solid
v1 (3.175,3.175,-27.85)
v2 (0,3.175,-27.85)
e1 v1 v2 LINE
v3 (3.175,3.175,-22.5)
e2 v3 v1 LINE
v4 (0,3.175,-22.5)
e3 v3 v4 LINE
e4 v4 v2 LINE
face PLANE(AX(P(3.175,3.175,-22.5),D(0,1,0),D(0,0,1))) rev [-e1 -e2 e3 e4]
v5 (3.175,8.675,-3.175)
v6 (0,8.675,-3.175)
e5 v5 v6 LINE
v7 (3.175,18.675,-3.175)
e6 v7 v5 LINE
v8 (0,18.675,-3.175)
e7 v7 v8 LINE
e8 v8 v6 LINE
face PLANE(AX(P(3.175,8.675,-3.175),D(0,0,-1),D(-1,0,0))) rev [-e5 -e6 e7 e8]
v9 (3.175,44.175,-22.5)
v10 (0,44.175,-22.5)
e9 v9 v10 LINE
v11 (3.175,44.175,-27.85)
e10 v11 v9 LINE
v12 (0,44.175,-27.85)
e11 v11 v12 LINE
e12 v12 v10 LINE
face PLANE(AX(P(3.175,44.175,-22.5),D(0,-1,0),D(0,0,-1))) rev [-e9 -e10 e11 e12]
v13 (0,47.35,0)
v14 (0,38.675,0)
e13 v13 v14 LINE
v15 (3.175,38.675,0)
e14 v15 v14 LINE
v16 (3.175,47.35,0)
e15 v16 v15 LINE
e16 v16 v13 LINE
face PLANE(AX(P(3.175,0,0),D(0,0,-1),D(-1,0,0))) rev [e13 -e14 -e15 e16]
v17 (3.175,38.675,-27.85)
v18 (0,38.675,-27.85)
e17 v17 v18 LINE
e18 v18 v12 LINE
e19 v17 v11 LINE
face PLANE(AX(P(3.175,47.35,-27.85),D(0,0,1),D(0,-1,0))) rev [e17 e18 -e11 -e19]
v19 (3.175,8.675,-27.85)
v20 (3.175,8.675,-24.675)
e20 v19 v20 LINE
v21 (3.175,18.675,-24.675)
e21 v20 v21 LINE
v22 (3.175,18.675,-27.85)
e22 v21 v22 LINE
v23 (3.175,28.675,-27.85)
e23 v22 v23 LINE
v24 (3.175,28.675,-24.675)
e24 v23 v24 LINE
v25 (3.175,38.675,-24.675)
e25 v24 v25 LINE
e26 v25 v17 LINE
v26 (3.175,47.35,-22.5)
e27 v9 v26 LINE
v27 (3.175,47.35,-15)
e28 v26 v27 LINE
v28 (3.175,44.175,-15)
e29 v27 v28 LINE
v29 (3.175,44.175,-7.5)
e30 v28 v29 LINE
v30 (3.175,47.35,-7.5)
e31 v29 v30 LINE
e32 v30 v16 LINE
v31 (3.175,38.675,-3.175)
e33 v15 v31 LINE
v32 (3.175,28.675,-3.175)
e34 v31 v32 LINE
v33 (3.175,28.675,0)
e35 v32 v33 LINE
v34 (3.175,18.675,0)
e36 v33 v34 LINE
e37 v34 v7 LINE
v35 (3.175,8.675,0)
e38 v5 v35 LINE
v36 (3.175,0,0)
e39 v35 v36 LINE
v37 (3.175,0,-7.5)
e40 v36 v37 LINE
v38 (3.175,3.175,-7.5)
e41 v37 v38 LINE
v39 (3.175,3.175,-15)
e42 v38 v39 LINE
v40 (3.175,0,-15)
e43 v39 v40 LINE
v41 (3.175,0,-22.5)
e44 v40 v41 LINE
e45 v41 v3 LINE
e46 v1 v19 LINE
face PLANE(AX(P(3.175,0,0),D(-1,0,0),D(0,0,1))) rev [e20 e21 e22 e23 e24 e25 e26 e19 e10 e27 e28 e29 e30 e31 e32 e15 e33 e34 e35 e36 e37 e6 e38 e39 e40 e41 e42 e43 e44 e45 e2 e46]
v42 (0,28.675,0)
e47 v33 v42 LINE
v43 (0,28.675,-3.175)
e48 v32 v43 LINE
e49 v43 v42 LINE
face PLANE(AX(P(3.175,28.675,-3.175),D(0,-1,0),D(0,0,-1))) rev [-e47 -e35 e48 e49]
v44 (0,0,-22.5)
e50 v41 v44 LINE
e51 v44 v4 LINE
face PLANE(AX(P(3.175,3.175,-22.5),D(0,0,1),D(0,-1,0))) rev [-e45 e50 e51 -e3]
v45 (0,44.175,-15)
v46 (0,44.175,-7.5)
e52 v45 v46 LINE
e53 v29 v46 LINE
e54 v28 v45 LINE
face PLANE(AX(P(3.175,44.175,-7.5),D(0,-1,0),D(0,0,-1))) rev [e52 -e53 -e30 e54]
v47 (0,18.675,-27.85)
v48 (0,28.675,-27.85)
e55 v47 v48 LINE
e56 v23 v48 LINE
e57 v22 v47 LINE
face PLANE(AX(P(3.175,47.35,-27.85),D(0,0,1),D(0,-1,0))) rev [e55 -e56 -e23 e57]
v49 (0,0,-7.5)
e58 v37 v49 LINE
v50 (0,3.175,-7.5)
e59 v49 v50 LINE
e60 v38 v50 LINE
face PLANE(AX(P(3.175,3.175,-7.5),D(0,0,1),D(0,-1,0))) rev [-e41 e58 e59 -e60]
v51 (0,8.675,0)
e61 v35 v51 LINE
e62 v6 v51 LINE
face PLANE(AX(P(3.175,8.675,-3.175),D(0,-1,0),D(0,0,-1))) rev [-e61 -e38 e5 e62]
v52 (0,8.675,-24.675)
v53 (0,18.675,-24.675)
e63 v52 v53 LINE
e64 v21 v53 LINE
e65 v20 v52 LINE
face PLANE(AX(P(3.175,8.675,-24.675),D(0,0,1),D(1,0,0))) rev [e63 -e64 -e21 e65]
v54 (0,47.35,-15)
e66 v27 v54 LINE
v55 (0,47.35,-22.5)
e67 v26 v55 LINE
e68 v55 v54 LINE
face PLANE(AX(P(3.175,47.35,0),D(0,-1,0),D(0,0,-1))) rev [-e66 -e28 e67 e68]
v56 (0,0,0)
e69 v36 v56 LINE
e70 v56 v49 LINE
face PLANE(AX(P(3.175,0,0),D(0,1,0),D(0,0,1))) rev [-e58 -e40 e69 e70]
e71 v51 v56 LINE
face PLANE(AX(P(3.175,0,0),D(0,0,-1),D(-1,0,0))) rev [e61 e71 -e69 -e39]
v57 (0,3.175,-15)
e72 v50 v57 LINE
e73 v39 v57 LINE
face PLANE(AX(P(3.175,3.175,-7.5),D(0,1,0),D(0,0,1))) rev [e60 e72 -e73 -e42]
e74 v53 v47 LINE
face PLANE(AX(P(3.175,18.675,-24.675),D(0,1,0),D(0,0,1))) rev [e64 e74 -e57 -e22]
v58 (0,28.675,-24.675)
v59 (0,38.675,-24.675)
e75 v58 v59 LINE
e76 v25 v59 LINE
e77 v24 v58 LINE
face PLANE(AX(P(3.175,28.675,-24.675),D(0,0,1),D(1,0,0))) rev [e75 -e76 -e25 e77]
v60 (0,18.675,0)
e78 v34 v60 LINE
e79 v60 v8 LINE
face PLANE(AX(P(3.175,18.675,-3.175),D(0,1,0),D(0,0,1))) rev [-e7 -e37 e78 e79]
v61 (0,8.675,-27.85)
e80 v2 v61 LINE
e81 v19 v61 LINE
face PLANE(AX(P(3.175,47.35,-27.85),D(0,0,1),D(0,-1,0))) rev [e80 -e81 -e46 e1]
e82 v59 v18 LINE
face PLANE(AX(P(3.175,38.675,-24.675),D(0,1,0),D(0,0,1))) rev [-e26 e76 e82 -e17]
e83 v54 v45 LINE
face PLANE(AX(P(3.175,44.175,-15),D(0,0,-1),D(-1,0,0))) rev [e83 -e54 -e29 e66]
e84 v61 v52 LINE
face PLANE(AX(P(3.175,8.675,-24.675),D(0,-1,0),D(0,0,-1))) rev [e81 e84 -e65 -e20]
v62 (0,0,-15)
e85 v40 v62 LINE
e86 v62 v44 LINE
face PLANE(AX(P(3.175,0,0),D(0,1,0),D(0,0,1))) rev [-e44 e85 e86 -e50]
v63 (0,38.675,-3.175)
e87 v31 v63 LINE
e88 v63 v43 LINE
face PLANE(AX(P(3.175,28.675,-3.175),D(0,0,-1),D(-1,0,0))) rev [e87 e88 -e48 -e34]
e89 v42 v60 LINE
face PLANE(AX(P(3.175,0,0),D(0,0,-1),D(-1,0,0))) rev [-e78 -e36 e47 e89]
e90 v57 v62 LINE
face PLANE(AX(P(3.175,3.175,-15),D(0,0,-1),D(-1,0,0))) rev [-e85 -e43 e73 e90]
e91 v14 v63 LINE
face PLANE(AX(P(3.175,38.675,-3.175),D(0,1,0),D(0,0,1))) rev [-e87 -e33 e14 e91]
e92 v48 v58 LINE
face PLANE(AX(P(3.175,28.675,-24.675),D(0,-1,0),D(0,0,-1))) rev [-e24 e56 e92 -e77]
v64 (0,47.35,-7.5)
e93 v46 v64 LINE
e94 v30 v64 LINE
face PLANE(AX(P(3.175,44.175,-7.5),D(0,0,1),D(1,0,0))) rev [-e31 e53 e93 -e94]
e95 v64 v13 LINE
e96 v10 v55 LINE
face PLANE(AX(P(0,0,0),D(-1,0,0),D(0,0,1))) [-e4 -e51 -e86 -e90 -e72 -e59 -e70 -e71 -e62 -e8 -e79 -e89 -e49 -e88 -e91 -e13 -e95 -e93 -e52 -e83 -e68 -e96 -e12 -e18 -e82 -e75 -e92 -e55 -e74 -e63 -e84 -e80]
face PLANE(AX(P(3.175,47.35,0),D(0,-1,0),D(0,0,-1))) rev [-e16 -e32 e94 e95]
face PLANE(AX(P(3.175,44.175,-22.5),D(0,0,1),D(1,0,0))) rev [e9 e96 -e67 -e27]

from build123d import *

# Parameters (mm, degrees)
SKETCH1_W           = 35.35
SKETCH1_H           = 47.35
BOSS_EXTRUDE1_DEPTH = 3.175
SKETCH2_W           = 7.5
SKETCH2_H           = 47.35
CUT_EXTRUDE1_DEPTH  = 4.175
SKETCH3_W           = 3.175
SKETCH3_H           = 10
SKETCH3_W_2         = 7.5
SKETCH3_H_2         = 3.175
SKETCH3_W_3         = 5.35
CUT_EXTRUDE2_DEPTH  = 4.175


with BuildPart() as part:
    # Sketch1 → Boss-Extrude1 (new body)
    with BuildSketch(Plane(origin=(0, 0, 0), x_dir=(0, 0, -1), z_dir=(1, 0, 0))):
        with Locations((17.675, 23.675)):
            Rectangle(SKETCH1_W, SKETCH1_H)
    extrude(amount=BOSS_EXTRUDE1_DEPTH)

    # Sketch2 → Cut-Extrude1 (cut, through all)
    with BuildSketch(Plane.ZY):
        with Locations((-31.6, 23.675)):
            Rectangle(SKETCH2_W, SKETCH2_H)
    extrude(amount=-CUT_EXTRUDE1_DEPTH, mode=Mode.SUBTRACT)

    # Sketch3 → Cut-Extrude2 (cut, through all)
    with BuildSketch(Plane.ZY):
        with Locations((-1.5875, 13.675)):
            Rectangle(SKETCH3_W, SKETCH3_H)
        with Locations((-1.5875, 33.675)):
            Rectangle(SKETCH3_W, SKETCH3_H)
        with Locations((-26.2625, 13.675)):
            Rectangle(SKETCH3_W, SKETCH3_H)
        with Locations((-26.2625, 33.675)):
            Rectangle(SKETCH3_W, SKETCH3_H)
        with Locations((-11.25, 45.7625)):
            Rectangle(SKETCH3_W_2, SKETCH3_H_2)
        with Locations((-11.25, 1.5875)):
            Rectangle(SKETCH3_W_2, SKETCH3_H_2)
        with Locations((-25.175, 45.7625)):
            Rectangle(SKETCH3_W_3, SKETCH3_H_2)
        with Locations((-25.175, 1.5875)):
            Rectangle(SKETCH3_W_3, SKETCH3_H_2)
    extrude(amount=-CUT_EXTRUDE2_DEPTH, mode=Mode.SUBTRACT)


solid = part.part
